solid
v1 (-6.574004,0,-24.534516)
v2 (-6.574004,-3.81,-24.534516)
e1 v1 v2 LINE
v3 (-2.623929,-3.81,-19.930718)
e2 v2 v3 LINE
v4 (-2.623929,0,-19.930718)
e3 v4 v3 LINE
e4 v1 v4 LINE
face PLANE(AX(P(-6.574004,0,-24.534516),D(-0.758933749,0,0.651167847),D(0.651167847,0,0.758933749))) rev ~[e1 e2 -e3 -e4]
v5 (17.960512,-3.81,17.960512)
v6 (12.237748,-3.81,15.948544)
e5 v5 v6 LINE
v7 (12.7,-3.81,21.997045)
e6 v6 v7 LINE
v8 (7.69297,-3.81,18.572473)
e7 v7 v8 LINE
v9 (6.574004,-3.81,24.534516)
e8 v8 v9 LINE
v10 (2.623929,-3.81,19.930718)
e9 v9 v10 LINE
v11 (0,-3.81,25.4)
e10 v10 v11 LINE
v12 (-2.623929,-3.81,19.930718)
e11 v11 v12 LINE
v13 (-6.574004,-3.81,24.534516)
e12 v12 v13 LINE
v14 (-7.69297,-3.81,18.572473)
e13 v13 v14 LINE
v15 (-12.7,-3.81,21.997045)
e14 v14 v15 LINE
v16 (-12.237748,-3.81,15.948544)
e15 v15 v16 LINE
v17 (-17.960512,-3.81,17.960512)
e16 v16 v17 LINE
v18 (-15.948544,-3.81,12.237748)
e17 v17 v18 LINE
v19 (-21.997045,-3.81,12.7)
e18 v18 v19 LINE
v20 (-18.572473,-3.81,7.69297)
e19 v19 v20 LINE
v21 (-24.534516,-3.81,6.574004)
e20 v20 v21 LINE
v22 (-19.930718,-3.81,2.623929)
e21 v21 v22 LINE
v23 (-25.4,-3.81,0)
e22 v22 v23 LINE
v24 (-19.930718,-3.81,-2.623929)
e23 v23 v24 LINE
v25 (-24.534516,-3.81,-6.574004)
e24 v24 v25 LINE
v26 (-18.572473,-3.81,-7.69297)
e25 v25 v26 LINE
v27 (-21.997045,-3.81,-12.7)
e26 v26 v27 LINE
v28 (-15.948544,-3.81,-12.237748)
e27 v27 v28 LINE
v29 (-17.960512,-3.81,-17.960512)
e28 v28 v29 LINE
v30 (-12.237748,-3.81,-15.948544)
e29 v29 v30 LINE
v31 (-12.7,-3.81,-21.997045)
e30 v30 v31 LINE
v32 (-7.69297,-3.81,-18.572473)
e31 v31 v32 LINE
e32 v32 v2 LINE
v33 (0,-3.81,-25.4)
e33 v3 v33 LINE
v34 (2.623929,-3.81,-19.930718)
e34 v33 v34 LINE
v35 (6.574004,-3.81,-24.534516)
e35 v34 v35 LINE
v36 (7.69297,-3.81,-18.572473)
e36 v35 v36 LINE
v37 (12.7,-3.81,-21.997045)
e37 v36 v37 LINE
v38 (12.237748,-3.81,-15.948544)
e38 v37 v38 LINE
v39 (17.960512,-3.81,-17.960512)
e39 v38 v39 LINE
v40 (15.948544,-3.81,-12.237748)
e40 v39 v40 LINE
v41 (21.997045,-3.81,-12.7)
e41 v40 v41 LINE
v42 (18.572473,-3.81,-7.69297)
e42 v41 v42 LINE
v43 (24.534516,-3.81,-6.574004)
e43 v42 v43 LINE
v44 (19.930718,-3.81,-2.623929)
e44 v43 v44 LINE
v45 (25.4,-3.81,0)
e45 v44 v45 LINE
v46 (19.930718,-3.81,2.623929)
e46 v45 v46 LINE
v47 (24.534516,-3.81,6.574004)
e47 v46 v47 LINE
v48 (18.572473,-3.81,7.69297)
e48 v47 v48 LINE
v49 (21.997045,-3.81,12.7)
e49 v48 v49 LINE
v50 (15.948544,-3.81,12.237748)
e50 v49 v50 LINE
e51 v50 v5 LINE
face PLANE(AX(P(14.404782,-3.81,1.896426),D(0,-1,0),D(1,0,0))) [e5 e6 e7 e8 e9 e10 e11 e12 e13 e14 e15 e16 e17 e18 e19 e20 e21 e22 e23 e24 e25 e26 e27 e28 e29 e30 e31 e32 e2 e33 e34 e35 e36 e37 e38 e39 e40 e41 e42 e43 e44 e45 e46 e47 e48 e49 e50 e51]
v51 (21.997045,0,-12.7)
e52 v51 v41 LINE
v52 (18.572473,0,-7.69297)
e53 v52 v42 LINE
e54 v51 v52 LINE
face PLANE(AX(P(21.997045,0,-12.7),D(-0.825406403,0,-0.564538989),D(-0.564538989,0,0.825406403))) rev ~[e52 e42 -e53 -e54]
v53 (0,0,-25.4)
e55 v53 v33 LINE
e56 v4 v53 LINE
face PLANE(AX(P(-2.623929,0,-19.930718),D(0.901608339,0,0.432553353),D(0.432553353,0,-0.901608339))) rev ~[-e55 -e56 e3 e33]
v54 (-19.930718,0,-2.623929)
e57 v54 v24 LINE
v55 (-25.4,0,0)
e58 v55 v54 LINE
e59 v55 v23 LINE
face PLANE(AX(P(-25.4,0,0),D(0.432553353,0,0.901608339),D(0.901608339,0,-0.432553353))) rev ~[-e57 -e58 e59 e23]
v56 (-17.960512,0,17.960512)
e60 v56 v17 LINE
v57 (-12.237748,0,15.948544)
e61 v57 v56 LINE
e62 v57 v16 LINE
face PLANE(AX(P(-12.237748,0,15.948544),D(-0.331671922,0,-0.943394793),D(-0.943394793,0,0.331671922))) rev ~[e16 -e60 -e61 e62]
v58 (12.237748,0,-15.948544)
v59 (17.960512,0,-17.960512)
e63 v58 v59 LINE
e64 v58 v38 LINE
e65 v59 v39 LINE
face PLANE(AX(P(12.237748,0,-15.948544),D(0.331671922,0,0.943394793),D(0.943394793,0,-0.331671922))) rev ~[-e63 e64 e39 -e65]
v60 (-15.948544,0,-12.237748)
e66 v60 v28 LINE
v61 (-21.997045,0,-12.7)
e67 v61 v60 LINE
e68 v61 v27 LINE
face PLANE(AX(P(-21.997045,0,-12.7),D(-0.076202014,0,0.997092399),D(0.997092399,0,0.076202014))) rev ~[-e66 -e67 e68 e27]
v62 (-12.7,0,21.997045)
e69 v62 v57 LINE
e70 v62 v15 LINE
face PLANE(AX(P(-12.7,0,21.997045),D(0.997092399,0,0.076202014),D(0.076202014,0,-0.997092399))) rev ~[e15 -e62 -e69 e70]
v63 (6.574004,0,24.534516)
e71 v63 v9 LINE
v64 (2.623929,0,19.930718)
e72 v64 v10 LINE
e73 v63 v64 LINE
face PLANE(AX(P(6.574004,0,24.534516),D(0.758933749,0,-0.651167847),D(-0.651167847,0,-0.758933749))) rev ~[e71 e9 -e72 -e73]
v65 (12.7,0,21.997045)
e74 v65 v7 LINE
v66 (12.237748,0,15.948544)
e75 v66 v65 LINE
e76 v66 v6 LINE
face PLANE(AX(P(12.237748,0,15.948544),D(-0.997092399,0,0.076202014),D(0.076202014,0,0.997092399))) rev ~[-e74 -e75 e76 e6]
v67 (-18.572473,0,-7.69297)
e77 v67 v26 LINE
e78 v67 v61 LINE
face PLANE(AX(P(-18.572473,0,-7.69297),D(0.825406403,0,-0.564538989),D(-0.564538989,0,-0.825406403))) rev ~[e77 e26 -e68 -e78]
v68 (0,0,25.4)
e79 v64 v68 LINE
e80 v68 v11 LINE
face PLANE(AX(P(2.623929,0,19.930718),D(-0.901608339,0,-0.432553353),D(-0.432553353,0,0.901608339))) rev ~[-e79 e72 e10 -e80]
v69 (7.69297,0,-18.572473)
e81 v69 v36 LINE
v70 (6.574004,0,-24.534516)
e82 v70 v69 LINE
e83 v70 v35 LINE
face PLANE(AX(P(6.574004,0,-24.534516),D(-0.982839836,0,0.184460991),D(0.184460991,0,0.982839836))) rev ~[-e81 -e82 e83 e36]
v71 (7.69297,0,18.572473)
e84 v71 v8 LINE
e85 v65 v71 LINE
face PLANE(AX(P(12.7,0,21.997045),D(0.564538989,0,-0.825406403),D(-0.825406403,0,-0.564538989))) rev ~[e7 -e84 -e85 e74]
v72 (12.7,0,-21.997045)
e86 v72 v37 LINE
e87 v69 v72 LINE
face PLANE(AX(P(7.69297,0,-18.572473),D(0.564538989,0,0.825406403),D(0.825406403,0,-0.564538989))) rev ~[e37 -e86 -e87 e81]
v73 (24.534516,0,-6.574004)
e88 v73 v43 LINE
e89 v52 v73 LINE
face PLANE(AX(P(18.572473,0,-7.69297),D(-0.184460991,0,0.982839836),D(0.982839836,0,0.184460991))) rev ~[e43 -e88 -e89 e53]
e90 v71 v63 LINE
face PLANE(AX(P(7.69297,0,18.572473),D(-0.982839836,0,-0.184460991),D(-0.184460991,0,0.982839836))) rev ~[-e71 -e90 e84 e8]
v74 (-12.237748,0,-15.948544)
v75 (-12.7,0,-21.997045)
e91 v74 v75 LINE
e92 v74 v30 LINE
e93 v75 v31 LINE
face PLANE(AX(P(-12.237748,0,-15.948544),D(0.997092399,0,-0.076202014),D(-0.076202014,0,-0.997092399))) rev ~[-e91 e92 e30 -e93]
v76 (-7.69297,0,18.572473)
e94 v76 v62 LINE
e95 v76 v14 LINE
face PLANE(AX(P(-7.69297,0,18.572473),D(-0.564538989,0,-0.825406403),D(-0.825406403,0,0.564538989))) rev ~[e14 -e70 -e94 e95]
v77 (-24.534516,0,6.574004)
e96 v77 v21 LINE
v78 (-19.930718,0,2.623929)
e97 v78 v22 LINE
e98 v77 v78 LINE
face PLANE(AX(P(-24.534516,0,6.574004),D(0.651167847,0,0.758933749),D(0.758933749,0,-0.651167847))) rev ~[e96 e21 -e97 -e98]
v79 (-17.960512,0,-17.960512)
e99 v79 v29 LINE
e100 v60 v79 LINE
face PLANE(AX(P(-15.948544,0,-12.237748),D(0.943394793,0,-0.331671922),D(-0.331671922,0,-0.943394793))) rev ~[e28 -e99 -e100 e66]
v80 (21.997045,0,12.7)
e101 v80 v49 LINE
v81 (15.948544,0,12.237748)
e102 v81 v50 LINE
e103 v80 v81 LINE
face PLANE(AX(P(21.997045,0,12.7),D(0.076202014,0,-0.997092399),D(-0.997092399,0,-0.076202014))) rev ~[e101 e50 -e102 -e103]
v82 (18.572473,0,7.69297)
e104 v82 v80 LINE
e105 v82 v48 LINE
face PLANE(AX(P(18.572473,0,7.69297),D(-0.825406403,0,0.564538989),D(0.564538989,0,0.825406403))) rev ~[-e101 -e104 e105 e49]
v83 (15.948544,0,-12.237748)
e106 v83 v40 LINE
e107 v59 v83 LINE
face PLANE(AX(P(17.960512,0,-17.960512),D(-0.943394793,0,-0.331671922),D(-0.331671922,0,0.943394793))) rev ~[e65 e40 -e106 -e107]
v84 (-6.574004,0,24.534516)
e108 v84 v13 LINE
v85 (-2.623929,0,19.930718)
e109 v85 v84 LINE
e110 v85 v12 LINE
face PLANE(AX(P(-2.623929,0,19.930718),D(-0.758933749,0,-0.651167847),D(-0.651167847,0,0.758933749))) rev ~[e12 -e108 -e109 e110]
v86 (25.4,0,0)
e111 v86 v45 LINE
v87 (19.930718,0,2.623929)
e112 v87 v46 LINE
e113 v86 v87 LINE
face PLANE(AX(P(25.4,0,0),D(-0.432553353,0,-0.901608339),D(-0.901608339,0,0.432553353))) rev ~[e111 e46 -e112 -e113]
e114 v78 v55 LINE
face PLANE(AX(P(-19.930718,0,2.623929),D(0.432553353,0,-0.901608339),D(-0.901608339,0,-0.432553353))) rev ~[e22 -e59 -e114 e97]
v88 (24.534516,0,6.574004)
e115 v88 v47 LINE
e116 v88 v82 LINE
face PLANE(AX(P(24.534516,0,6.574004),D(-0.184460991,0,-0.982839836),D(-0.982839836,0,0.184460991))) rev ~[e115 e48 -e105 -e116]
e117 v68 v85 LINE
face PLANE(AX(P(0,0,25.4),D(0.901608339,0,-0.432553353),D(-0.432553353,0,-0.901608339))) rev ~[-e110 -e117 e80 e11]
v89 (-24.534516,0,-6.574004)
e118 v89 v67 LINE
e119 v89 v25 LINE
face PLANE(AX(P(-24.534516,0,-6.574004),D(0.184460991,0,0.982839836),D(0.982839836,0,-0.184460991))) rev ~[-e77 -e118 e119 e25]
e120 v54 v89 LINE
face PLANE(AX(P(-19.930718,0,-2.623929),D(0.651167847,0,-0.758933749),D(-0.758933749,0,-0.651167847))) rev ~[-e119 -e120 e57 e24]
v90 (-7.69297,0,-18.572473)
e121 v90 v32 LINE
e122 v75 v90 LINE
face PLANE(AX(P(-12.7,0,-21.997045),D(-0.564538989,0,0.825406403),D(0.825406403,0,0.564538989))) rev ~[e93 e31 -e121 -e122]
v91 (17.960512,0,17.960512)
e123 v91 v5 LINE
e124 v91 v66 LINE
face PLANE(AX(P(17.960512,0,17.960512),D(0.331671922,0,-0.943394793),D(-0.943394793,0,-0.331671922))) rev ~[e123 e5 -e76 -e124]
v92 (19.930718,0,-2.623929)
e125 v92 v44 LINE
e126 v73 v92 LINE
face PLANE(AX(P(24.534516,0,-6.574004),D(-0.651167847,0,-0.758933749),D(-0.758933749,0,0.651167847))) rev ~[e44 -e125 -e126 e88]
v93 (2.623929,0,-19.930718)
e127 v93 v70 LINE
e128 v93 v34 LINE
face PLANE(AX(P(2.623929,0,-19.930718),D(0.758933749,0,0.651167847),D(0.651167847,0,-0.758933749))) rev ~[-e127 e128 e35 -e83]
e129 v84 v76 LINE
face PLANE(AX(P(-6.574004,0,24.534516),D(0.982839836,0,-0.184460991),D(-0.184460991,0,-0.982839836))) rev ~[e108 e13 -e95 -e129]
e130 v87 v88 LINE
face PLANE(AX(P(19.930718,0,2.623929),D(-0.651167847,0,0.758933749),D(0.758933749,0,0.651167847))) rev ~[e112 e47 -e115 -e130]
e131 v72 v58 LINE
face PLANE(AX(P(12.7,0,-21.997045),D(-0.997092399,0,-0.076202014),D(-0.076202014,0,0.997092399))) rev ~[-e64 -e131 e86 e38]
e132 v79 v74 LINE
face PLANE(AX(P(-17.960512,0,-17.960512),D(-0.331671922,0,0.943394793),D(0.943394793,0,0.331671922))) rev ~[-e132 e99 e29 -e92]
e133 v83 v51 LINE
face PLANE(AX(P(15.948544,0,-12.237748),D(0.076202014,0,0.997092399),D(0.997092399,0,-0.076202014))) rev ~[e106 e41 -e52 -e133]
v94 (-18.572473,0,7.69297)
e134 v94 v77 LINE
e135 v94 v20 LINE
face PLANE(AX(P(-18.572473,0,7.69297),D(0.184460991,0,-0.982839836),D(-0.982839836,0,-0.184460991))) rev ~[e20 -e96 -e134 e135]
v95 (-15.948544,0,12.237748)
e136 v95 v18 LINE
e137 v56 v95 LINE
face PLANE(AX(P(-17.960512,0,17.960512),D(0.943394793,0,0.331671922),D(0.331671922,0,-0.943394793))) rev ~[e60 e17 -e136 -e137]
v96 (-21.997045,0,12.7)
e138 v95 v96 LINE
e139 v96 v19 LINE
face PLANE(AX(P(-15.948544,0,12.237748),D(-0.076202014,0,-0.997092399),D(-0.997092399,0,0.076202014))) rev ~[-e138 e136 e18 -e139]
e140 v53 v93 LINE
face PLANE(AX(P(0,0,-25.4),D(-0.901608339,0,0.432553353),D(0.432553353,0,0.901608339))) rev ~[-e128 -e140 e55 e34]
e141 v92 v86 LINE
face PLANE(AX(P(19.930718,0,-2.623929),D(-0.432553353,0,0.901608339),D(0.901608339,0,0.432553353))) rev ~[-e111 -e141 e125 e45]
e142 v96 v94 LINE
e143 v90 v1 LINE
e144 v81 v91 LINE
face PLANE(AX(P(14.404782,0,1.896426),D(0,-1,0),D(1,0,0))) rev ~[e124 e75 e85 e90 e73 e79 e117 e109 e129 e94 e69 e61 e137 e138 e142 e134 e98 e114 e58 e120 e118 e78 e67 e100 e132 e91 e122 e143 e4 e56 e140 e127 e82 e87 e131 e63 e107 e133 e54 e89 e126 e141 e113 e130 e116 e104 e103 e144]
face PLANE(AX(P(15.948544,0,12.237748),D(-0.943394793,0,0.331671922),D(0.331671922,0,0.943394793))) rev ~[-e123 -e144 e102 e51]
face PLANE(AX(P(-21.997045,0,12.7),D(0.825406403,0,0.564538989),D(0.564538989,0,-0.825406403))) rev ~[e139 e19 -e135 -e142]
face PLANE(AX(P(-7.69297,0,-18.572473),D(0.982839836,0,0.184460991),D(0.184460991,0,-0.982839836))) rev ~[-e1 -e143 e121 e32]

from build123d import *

# Parameters (mm, degrees)
F1_DEPTH = 3.81


with BuildPart() as f1:
    # F0 (on Front) → F1 (new body)
    with BuildSketch(Plane.XZ):
        Polygon((24.534516, 6.574004), (0, 0), (25.4, 0), (19.930718, 2.623929), align=None)
        Polygon((-6.574004, 24.534516), (0, 0), (0, 25.4), (-2.623929, 19.930718), align=None)
        Polygon((-24.534516, -6.574004), (0, 0), (-25.4, 0), (-19.930718, -2.623929), align=None)
        Polygon((6.574004, -24.534516), (0, 0), (0, -25.4), (2.623929, -19.930718), align=None)
        Polygon((25.4, 0), (0, 0), (24.534516, -6.574004), (19.930718, -2.623929), align=None)
        Polygon((21.997045, 12.7), (0, 0), (24.534516, 6.574004), (18.572473, 7.69297), align=None)
        Polygon((17.960512, 17.960512), (0, 0), (21.997045, 12.7), (15.948544, 12.237748), align=None)
        Polygon((12.7, 21.997045), (0, 0), (17.960512, 17.960512), (12.237748, 15.948544), align=None)
        Polygon((6.574004, 24.534516), (0, 0), (12.7, 21.997045), (7.69297, 18.572473), align=None)
        Polygon((0, 25.4), (0, 0), (6.574004, 24.534516), (2.623929, 19.930718), align=None)
        Polygon((0, -25.4), (0, 0), (-6.574004, -24.534516), (-2.623929, -19.930718), align=None)
        Polygon((24.534516, -6.574004), (0, 0), (21.997045, -12.7), (18.572473, -7.69297), align=None)
        Polygon((21.997045, -12.7), (0, 0), (17.960512, -17.960512), (15.948544, -12.237748), align=None)
        Polygon((17.960512, -17.960512), (0, 0), (12.7, -21.997045), (12.237748, -15.948544), align=None)
        Polygon((12.7, -21.997045), (0, 0), (6.574004, -24.534516), (7.69297, -18.572473), align=None)
        Polygon((-6.574004, -24.534516), (0, 0), (-12.7, -21.997045), (-7.69297, -18.572473), align=None)
        Polygon((-12.7, -21.997045), (0, 0), (-17.960512, -17.960512), (-12.237748, -15.948544), align=None)
        Polygon((-17.960512, -17.960512), (0, 0), (-21.997045, -12.7), (-15.948544, -12.237748), align=None)
        Polygon((-21.997045, -12.7), (0, 0), (-24.534516, -6.574004), (-18.572473, -7.69297), align=None)
        Polygon((-25.4, 0), (0, 0), (-24.534516, 6.574004), (-19.930718, 2.623929), align=None)
        Polygon((-24.534516, 6.574004), (0, 0), (-21.997045, 12.7), (-18.572473, 7.69297), align=None)
        Polygon((-21.997045, 12.7), (0, 0), (-17.960512, 17.960512), (-15.948544, 12.237748), align=None)
        Polygon((-17.960512, 17.960512), (0, 0), (-12.7, 21.997045), (-12.237748, 15.948544), align=None)
        Polygon((-12.7, 21.997045), (0, 0), (-6.574004, 24.534516), (-7.69297, 18.572473), align=None)
    extrude(amount=F1_DEPTH)


solid = f1.part
